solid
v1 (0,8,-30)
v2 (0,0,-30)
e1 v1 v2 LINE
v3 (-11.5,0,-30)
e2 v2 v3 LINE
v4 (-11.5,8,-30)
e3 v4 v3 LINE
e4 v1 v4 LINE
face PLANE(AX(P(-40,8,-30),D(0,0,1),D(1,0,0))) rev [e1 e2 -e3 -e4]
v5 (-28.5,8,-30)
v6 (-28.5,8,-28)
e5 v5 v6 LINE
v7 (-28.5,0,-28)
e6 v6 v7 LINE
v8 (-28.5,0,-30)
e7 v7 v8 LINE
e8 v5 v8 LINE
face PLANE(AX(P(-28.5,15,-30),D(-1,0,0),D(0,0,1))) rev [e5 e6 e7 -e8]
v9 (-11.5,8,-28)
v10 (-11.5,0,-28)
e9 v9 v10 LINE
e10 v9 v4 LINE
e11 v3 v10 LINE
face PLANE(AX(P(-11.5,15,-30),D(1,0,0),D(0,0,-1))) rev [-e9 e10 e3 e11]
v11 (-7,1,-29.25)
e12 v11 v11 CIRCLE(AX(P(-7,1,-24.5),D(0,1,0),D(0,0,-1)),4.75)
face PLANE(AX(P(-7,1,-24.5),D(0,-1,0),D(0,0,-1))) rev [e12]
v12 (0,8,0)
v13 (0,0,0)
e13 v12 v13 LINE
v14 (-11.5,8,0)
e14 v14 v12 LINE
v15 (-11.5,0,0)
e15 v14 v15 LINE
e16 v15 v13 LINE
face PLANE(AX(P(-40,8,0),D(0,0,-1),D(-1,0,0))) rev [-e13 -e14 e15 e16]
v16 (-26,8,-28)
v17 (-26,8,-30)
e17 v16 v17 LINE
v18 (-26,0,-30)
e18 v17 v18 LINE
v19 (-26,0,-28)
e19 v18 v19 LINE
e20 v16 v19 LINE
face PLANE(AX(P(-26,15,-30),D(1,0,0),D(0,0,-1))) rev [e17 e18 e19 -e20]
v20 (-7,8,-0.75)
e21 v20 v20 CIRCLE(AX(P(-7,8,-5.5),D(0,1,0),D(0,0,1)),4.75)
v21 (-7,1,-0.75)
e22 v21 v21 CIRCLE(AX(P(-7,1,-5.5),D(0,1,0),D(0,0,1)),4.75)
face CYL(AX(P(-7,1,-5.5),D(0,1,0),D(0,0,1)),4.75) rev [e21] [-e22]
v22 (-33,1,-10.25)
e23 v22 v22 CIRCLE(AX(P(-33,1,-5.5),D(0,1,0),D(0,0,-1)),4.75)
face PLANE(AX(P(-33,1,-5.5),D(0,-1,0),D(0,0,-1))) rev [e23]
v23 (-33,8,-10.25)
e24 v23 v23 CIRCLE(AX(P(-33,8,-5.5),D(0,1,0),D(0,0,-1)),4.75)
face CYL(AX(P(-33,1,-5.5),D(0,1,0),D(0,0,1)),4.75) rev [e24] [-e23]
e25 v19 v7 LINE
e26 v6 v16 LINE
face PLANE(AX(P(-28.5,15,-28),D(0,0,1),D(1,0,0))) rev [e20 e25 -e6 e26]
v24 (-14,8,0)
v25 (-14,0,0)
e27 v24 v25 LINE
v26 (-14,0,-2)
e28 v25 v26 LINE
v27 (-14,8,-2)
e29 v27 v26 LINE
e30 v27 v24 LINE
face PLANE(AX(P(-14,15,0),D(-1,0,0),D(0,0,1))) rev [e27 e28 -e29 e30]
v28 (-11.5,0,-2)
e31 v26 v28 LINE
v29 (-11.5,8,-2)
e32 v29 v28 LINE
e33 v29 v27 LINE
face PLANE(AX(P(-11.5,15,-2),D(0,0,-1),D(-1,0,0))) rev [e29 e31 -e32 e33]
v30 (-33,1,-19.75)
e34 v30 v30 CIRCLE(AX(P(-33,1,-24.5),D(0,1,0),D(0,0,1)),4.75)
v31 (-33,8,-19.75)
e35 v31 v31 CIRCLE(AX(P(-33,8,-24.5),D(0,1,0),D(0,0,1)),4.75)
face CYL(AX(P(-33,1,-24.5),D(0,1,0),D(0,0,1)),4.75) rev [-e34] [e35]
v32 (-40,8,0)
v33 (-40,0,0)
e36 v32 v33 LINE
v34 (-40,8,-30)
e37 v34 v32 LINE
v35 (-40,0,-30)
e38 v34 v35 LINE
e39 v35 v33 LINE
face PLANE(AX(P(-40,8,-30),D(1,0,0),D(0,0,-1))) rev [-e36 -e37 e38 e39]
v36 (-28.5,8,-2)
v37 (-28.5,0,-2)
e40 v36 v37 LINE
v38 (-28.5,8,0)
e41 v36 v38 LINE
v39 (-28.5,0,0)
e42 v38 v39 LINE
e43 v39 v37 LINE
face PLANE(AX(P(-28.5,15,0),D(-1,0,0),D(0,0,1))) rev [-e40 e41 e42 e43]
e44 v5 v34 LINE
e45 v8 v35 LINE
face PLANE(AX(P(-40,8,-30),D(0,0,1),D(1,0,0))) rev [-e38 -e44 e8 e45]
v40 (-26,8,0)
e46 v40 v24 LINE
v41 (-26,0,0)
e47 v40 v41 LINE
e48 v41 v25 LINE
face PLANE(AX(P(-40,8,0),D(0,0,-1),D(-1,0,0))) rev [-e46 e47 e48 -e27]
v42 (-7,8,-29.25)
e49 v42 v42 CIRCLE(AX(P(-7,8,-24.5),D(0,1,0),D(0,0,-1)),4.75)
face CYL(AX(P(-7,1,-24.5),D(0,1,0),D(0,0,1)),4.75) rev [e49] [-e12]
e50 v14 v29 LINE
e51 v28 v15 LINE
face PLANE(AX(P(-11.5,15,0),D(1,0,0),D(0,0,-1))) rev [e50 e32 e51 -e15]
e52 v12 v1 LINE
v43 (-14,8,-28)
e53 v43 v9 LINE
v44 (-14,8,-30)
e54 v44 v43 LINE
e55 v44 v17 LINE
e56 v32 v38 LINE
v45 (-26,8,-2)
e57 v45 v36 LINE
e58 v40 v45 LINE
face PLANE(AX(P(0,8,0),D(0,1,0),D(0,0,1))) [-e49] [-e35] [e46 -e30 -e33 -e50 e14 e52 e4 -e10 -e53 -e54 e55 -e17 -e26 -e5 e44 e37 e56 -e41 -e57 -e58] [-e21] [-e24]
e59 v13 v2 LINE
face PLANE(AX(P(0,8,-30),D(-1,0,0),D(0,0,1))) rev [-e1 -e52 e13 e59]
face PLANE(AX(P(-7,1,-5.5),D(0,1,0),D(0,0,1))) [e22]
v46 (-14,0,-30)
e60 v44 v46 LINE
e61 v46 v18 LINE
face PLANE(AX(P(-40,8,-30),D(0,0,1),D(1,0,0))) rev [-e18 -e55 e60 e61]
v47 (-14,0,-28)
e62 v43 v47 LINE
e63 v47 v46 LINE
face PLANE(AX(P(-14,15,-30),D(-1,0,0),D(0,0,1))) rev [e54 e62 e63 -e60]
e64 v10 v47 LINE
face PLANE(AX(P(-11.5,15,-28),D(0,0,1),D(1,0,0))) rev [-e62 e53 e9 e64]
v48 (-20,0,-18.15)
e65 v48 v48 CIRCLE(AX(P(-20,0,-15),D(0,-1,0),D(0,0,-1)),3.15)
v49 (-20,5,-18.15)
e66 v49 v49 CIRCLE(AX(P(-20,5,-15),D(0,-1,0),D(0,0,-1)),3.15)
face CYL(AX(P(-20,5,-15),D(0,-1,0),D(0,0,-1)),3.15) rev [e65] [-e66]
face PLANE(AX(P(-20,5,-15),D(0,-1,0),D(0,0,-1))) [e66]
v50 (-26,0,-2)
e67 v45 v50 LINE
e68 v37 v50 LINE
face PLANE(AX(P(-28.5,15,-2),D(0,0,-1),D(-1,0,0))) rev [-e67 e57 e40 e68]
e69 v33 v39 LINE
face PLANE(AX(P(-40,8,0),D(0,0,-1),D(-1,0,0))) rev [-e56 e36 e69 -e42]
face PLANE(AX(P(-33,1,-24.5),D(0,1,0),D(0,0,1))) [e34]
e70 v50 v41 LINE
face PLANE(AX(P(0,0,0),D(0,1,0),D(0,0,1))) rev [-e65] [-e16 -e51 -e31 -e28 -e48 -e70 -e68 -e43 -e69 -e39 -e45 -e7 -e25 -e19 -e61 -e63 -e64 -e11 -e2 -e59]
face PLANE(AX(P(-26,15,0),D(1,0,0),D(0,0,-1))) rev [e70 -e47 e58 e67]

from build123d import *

# Parameters (mm, degrees)
SKETCH1_W           = 40
SKETCH1_H           = 30
BOSS_EXTRUDE1_DEPTH = 8
SKETCH2_R           = 4.75
CUT_EXTRUDE1_DEPTH  = 7
SKETCH3_R           = 3.15
CUT_EXTRUDE2_DEPTH  = 5
SKETCH4_W           = 2.5
SKETCH4_H           = 2
CUT_EXTRUDE3_DEPTH  = 15


with BuildPart() as part:
    # Sketch1 → Boss-Extrude1 (new body)
    with BuildSketch(Plane(origin=(0, 0, 0), x_dir=(1, 0, 0), z_dir=(0, 1, 0))):
        with Locations((-20, 15)):
            Rectangle(SKETCH1_W, SKETCH1_H)
    extrude(amount=BOSS_EXTRUDE1_DEPTH)

    # Sketch2 → Cut-Extrude1 (cut)
    with BuildSketch(Plane(origin=(0, 8, 0), x_dir=(1, 0, 0), z_dir=(0, 1, 0))):
        with Locations(Location((-33, 24.5, 0), (0, 0, 270))):
            Circle(SKETCH2_R)
        with Locations(Location((-33, 5.5, 0), (0, 0, 90))):
            Circle(SKETCH2_R)
        with Locations(Location((-7, 5.5, 0), (0, 0, 270))):
            Circle(SKETCH2_R)
        with Locations(Location((-7, 24.5, 0), (0, 0, 90))):
            Circle(SKETCH2_R)
    extrude(amount=-CUT_EXTRUDE1_DEPTH, mode=Mode.SUBTRACT)

    # Sketch3 → Cut-Extrude2 (cut)
    with BuildSketch(Plane.XZ):
        with Locations(Location((-20, -15, 0), (0, 0, 270))):
            Circle(SKETCH3_R)
    extrude(amount=-CUT_EXTRUDE2_DEPTH, mode=Mode.SUBTRACT)

    # Sketch4 → Cut-Extrude3 (cut)
    with BuildSketch(Plane.XZ):
        with Locations((-12.75, -1)):
            Rectangle(SKETCH4_W, SKETCH4_H)
        with Locations((-27.25, -1)):
            Rectangle(SKETCH4_W, SKETCH4_H)
        with Locations((-12.75, -29)):
            Rectangle(SKETCH4_W, SKETCH4_H)
        with Locations((-27.25, -29)):
            Rectangle(SKETCH4_W, SKETCH4_H)
    extrude(amount=-CUT_EXTRUDE3_DEPTH, mode=Mode.SUBTRACT)


solid = part.part
